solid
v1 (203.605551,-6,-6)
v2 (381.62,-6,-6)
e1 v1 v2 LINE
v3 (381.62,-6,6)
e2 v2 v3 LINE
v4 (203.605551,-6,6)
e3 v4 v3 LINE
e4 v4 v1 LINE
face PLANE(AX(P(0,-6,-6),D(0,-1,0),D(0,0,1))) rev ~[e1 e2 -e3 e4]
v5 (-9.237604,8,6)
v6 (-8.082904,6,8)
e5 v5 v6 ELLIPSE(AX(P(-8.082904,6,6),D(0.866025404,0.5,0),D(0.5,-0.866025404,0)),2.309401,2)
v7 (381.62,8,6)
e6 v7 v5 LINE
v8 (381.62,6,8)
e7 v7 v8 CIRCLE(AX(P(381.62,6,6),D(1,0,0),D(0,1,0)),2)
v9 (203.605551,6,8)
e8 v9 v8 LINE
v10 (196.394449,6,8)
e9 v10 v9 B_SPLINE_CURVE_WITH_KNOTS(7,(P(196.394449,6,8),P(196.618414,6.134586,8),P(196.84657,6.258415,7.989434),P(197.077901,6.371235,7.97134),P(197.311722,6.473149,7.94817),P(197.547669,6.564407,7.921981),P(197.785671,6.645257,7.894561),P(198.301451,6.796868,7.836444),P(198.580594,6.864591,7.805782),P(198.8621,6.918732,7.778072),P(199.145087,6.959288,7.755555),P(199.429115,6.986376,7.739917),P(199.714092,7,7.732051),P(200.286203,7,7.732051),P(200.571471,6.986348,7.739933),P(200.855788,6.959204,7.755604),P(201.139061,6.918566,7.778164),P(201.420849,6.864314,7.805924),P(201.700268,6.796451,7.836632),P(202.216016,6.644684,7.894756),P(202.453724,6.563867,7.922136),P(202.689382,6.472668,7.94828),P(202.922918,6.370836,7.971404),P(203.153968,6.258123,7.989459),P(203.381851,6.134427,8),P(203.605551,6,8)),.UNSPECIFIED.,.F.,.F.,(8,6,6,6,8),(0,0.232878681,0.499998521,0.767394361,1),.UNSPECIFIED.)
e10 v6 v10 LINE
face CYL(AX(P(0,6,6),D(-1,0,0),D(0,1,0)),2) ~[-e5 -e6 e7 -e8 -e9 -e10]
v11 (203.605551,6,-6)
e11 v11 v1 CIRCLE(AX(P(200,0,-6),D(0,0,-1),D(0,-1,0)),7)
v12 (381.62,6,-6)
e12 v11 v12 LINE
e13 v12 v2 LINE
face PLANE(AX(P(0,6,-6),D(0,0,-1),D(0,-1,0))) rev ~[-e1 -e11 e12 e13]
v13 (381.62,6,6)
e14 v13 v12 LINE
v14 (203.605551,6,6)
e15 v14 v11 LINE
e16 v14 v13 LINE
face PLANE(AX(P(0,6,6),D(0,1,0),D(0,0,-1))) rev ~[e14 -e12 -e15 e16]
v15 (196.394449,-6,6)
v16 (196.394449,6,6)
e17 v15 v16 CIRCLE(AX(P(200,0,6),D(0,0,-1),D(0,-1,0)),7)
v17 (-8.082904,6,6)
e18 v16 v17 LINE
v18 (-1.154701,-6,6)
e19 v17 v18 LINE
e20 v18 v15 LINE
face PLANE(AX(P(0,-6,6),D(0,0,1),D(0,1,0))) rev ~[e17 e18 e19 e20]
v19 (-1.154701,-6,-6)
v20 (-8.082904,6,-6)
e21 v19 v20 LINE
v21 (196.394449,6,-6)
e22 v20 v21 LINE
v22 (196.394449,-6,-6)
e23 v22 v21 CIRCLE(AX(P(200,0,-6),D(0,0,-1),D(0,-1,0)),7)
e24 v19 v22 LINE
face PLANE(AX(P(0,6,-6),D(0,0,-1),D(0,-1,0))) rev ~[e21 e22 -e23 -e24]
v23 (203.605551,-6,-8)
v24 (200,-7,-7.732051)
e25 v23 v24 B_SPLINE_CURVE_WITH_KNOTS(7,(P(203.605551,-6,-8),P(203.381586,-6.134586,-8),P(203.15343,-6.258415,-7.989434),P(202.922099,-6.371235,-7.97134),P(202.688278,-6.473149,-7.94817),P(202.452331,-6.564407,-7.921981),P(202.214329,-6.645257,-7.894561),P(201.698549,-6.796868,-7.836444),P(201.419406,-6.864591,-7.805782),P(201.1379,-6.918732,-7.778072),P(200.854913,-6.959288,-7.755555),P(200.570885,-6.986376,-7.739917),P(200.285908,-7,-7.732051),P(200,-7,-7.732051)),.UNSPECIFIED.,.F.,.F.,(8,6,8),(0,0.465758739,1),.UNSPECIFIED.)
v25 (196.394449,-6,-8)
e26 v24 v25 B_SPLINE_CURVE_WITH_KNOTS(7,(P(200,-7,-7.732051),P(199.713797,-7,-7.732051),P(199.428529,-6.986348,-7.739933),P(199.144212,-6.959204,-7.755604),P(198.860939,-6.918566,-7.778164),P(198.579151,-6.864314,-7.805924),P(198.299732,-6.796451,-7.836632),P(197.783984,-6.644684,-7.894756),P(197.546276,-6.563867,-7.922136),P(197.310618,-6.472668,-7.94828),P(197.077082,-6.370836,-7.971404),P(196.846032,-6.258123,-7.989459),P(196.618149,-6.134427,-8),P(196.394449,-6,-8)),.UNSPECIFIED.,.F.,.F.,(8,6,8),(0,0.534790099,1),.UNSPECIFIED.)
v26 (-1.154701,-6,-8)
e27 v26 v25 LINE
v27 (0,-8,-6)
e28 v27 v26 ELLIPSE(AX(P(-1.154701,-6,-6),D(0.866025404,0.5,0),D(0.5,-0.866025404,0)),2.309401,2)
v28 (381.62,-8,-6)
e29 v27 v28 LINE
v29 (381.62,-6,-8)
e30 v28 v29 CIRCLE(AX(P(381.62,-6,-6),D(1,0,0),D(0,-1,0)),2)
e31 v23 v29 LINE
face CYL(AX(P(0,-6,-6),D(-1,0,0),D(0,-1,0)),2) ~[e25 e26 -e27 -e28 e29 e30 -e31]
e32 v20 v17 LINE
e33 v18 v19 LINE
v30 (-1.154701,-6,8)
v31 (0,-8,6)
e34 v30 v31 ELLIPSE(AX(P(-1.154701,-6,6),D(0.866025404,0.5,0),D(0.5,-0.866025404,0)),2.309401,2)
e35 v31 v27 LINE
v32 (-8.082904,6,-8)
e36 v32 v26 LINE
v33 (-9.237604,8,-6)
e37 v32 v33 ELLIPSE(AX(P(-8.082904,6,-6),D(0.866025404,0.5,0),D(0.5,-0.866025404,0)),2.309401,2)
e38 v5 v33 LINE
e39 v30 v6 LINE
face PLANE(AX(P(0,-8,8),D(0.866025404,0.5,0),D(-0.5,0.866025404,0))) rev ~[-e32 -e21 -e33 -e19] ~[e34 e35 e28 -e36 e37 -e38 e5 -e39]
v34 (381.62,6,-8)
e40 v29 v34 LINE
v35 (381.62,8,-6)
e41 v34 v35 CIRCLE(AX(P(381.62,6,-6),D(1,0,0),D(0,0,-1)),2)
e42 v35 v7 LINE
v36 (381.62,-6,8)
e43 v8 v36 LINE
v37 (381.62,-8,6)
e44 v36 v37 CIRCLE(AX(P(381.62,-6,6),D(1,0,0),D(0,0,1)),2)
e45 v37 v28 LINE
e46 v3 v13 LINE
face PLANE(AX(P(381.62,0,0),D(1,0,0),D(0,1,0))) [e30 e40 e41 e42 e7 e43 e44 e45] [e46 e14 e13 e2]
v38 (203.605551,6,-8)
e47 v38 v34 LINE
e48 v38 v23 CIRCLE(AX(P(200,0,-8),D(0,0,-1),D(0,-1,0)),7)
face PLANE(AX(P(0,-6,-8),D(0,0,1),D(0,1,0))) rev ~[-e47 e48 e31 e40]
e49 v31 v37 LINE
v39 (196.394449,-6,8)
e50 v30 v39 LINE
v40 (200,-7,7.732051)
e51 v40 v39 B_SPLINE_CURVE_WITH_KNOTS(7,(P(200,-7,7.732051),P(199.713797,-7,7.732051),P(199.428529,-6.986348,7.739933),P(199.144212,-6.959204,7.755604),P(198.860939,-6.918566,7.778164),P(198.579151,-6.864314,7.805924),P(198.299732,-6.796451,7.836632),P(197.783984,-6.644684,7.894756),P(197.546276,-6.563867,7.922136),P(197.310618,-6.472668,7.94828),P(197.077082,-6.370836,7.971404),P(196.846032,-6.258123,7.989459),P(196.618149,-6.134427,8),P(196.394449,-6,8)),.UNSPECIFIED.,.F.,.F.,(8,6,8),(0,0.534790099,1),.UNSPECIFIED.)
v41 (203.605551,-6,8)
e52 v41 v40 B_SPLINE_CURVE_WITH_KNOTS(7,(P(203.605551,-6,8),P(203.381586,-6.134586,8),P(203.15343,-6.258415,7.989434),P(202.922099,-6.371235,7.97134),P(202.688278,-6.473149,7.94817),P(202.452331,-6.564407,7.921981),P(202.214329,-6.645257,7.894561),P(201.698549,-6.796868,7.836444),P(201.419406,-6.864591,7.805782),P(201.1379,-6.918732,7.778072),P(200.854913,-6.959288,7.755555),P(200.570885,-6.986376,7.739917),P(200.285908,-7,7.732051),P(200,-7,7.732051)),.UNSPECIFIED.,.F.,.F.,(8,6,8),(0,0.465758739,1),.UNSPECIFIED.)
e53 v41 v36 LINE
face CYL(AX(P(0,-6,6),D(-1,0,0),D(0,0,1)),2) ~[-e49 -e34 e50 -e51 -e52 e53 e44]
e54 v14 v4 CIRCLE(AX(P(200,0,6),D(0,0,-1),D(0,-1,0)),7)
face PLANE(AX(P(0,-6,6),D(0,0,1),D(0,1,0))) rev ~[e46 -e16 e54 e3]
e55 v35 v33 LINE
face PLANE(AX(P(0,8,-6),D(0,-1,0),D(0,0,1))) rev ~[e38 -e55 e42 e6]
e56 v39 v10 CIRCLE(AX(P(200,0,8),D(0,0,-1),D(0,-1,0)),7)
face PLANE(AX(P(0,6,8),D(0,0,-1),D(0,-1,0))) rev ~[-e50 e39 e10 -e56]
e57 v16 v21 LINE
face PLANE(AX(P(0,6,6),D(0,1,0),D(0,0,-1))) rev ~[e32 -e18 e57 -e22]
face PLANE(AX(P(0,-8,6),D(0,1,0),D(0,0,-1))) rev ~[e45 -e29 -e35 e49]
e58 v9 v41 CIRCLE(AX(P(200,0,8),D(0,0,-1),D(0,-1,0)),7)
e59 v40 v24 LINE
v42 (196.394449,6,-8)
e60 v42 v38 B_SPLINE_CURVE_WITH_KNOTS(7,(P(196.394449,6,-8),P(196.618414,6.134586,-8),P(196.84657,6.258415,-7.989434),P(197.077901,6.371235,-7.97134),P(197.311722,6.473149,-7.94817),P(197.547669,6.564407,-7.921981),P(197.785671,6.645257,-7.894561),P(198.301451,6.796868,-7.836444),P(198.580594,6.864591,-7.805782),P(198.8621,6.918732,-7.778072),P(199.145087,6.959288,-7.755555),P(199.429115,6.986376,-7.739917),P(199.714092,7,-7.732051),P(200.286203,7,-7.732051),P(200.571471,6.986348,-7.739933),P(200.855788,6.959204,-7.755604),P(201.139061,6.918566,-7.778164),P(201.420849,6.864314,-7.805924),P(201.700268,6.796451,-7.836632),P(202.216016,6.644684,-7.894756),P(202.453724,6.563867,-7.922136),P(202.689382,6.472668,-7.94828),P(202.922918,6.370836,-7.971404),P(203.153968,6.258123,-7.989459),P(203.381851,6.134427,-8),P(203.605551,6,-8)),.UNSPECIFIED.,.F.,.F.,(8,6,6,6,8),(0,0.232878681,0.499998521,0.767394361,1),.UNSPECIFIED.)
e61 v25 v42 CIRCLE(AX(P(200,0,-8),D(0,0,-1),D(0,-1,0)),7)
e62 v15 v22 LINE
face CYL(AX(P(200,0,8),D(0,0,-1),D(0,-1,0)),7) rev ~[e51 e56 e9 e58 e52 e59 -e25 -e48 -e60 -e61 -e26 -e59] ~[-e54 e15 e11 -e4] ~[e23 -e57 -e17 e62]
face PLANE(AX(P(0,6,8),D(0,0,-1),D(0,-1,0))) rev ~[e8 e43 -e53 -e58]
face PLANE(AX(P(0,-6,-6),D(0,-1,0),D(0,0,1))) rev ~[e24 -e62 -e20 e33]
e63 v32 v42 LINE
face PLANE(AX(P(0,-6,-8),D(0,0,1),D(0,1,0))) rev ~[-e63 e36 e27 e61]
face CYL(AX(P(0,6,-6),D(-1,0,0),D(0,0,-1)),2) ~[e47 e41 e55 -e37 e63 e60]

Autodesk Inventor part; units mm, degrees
ref_plane "YZ Plane" through (0, 0, 0) normal (1, 0, 0) x (0, 1, 0)
ref_plane "XZ Plane" through (0, 0, 0) normal (0, 1, 0) x (-1, 0, 0)
sketch "Sketch1" plane through (0, 0, 0) normal (1, 0, 0) x (0, 1, 0)
  line L0 (6, 8) -> (-6, 8)
  line L1 (-8, 6) -> (-8, -6)
  line L2 (-6, -8) -> (6, -8)
  line L3 (8, -6) -> (8, 6)
  line L4 (8, 8) -> (-8, -8) construction
  line L5 (-8, 8) -> (8, -8) construction
  line L6 (6, -6) -> (-6, -6)
  line L7 (-6, -6) -> (-6, 6)
  line L8 (-6, 6) -> (6, 6)
  line L9 (6, 6) -> (6, -6)
  arc A0 (8, 6) -> (6, 8) centre (6, 6) ccw
  arc A1 (6, -8) -> (8, -6) centre (6, -6) ccw
  arc A2 (-8, -6) -> (-6, -8) centre (-6, -6) ccw
  arc A3 (-6, 8) -> (-8, 6) centre (-6, 6) ccw
  point P0 (0, 0)
  dimension "d1" = 16
  dimension "d2" = 16
  dimension "d3" = 2
  dimension "d4" = 2
extrude "Extrusion1" add sketch "Sketch1" along normal blind 381.62
sketch "Sketch2" plane through (0, -6, 8) normal (0, 0, 1) x (1, 0, 0)
  line L0 (0, 12) -> (0, 0) projected
  point P0 (0, 6)
  point P1 (200, 6)
  point P2 (0, 6)
  dimension "d7" = 200
hole "Hole1" at (200, 0, 8) direction (0, 0, -1) diameter 14 end through all
sketch "Sketch3" plane through (0, -6, 8) normal (0, 0, 1) x (1, 0, 0)
  line L0 (0, -2) -> (-9.2376, 14)
  line L1 (0, -2) -> (18.4752, -2) construction
  line L2 (-9.2376, 14) -> (0, 14)
  point P0 (0, 6)
  dimension "d15" = 120
ref_plane "Work Plane1" through (0, -8, 8) normal (0.866, 0.5, 0) x (-0.5, 0.866, 0)
extrude "Extrusion2" add sketch "Sketch1" against normal up to surface surface through (0, -8, 8) normal (0.866, 0.5, 0)
properties part number "suspensionarms"
